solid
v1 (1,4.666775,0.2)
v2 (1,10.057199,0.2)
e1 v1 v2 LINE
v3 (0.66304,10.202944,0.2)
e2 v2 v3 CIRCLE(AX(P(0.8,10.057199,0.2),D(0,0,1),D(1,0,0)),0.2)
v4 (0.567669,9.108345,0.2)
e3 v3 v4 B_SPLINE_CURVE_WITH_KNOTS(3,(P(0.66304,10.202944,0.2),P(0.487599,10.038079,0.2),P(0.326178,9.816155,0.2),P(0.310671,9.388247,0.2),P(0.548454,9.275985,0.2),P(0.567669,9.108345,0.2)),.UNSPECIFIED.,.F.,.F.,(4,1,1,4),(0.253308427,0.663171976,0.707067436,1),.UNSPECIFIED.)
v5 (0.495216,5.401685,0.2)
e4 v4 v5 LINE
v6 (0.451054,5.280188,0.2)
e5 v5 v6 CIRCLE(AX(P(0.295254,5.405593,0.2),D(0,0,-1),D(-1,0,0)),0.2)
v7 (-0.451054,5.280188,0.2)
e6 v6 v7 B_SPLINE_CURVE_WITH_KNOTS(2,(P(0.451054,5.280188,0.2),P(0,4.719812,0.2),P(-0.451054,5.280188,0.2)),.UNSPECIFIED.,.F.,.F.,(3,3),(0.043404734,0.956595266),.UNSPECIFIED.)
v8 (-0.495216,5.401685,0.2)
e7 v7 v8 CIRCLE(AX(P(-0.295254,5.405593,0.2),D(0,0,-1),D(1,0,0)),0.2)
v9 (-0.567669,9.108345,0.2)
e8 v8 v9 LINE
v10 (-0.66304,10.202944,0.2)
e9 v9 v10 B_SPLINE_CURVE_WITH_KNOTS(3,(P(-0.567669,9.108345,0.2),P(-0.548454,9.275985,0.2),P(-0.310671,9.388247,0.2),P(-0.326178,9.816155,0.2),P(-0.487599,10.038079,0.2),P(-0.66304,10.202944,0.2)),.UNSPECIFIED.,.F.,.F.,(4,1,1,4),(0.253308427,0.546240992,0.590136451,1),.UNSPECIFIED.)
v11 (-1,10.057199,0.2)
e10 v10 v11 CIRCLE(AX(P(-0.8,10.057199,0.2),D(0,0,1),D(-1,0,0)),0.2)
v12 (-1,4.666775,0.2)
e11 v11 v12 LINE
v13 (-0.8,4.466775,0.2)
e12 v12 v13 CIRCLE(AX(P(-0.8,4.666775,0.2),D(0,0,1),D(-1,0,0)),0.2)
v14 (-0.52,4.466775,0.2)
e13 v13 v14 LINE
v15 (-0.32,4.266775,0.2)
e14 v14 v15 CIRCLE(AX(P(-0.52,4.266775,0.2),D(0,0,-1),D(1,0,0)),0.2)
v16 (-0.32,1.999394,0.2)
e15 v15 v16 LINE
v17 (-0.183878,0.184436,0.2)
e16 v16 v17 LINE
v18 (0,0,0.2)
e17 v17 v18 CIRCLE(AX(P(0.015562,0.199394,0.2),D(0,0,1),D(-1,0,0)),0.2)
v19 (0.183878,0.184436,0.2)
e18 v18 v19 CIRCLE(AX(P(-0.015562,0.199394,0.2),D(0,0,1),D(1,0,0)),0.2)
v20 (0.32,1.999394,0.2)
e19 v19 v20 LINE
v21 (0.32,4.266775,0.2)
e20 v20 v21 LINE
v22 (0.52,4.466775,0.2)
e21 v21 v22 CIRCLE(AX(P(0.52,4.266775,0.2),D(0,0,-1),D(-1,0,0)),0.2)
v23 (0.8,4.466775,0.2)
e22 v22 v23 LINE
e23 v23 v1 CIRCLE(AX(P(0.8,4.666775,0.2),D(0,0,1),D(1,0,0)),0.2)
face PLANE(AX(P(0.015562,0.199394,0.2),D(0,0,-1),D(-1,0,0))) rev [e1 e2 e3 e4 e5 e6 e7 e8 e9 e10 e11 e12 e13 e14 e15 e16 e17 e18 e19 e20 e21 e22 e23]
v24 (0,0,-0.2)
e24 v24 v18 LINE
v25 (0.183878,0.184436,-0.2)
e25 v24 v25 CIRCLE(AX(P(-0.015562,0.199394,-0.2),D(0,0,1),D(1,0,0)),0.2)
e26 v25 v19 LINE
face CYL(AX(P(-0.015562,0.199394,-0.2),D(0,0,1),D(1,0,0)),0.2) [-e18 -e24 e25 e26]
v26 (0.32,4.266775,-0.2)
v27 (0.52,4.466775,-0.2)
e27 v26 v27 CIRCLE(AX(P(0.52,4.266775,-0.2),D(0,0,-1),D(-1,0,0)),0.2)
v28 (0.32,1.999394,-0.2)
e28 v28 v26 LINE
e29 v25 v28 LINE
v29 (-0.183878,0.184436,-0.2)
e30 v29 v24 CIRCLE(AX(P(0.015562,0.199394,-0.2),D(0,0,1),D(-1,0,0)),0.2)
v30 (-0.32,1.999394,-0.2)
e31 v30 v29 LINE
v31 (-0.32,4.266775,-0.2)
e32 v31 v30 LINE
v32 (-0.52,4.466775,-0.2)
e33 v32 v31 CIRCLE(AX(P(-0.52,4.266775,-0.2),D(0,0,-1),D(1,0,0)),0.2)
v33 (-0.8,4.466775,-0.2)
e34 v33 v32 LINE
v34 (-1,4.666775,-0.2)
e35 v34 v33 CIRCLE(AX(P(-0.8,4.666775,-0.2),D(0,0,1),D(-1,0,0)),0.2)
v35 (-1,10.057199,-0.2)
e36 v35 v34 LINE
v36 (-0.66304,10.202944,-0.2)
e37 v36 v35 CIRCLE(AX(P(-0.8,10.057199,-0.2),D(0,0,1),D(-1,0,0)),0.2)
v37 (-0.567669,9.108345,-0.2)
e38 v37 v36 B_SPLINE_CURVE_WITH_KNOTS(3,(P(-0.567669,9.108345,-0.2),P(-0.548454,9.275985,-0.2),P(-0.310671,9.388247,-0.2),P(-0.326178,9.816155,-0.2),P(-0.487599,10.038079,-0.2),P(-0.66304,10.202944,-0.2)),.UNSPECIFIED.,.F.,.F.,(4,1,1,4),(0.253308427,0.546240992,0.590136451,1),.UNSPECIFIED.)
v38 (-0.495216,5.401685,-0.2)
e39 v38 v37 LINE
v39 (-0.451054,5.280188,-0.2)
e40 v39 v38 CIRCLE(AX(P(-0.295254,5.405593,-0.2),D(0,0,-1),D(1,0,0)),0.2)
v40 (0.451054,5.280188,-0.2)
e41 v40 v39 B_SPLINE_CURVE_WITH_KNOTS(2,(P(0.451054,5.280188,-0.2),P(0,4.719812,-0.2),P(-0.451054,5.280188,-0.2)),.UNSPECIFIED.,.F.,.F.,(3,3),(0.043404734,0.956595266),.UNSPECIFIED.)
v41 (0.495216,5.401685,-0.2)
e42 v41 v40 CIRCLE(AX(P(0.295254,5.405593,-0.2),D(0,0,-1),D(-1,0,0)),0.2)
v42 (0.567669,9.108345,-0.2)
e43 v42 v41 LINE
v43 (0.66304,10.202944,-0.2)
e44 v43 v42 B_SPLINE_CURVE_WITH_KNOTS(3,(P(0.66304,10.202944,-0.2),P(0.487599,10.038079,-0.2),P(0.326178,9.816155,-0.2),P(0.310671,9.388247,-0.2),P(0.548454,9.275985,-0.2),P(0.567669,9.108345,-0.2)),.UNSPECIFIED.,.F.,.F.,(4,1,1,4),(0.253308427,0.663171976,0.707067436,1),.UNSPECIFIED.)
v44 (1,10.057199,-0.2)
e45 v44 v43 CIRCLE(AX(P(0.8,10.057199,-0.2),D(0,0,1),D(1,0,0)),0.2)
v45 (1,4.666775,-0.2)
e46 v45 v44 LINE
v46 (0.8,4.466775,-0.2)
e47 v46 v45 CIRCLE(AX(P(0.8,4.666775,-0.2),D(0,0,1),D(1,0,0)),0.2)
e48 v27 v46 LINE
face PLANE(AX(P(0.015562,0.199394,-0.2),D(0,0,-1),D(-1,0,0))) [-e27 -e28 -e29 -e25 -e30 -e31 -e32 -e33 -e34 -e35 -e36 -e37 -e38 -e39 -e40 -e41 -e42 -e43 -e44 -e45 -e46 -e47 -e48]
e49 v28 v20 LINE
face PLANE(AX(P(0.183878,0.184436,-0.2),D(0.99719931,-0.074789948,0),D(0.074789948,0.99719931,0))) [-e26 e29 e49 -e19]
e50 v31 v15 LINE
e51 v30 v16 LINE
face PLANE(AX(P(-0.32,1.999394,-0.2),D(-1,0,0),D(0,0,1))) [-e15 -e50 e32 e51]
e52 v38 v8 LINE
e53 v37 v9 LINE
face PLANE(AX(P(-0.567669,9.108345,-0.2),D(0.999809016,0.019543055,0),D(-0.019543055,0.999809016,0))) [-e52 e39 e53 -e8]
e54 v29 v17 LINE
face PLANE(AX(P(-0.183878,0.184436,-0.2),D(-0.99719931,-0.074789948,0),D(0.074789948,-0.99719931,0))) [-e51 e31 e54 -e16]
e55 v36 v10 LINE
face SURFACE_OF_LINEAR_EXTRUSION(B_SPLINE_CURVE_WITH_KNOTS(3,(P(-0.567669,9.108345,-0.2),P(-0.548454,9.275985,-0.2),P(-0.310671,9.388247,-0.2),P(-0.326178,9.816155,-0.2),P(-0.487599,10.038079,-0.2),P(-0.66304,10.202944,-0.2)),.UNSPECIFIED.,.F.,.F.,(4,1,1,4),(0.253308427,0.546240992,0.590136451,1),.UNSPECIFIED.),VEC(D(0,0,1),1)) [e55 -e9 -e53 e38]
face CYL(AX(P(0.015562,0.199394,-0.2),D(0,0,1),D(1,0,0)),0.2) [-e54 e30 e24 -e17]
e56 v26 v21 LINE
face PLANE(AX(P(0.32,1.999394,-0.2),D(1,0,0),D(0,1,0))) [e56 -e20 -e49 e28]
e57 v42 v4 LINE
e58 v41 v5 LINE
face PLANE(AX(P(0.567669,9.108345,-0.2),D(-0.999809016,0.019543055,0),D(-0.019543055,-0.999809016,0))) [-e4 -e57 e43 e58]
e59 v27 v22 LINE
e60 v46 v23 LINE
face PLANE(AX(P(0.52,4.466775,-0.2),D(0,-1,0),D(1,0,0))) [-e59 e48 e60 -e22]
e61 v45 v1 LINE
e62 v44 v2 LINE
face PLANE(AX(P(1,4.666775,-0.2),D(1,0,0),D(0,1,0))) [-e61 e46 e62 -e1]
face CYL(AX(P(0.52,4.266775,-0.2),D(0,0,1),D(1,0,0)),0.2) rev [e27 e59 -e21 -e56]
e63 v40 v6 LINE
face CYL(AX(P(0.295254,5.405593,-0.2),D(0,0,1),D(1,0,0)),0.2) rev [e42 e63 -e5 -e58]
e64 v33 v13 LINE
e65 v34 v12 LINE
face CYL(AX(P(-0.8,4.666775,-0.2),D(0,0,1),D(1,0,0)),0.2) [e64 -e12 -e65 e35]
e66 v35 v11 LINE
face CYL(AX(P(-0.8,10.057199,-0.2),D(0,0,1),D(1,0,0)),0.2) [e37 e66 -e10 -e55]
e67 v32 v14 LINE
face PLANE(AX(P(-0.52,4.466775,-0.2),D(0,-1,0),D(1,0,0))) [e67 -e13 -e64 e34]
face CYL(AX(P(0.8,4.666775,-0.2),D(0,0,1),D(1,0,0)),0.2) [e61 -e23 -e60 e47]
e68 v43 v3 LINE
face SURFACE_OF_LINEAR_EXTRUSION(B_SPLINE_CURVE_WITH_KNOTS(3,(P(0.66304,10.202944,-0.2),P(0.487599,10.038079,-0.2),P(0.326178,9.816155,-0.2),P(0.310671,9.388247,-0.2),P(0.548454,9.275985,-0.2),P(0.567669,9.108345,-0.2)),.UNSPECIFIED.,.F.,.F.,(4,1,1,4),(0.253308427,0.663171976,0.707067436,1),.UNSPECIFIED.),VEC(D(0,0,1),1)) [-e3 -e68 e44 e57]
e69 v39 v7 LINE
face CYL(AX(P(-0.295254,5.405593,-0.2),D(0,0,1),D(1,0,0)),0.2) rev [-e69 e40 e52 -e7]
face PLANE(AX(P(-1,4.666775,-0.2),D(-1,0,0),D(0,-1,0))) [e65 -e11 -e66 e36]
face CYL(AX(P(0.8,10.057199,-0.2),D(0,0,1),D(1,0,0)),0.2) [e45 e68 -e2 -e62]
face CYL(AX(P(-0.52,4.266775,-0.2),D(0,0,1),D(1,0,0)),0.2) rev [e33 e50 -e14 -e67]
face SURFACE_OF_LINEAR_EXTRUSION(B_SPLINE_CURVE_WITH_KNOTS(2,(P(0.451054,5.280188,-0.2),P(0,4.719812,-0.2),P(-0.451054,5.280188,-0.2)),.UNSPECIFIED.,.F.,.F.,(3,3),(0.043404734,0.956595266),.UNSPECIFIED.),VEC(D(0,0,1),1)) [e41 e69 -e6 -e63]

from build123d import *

# Parameters (mm, degrees)
BOSS_EXTRUDE1_DEPTH = 0.2


with BuildPart() as part:
    # Sketch1 → Boss-Extrude1 (new, symmetric)
    with BuildSketch(Plane.XY):
        with BuildLine():
            Line((-0.32, 1.999393664), (-0.32, 4.266775148))
            ThreePointArc((-0.32, 4.266775148), (-0.378578644, 4.408196504), (-0.52, 4.466775148))
            Line((-0.52, 4.466775148), (-0.8, 4.466775148))
            ThreePointArc((-0.8, 4.466775148), (-0.941421356, 4.525353792), (-1, 4.666775148))
            Line((-1, 4.666775148), (-1, 10.057198685))
            ThreePointArc((-1, 10.057198685), (-0.87939743, 10.240763518), (-0.663039519, 10.202944445))
            add(Edge.make_bspline(
                [(-0.663039519, 10.202944445), (-0.487599251, 10.038079386), (-0.326177604, 9.816155039), (-0.310671132, 9.388247389), (-0.548453888, 9.275984696), (-0.567669208, 9.108344969)],
                knots=[0.253308427, 0.253308427, 0.253308427, 0.253308427, 0.663171976, 0.707067436, 1, 1, 1, 1], degree=3))
            Line((-0.567669208, 9.108344969), (-0.495215905, 5.401684718))
            ThreePointArc((-0.495215905, 5.401684718), (-0.483221967, 5.337269967), (-0.451053839, 5.280188217))
            add(Edge.make_bspline(
                [(-0.451053839, 5.280188217), (0, 4.719811783), (0.451053839, 5.280188217)],
                knots=[0.043404734, 0.043404734, 0.043404734, 0.956595266, 0.956595266, 0.956595266], degree=2))
            ThreePointArc((0.451053839, 5.280188217), (0.483221967, 5.337269967), (0.495215905, 5.401684718))
            Line((0.495215905, 5.401684718), (0.567669208, 9.108344969))
            add(Edge.make_bspline(
                [(0.663039519, 10.202944445), (0.487599251, 10.038079386), (0.326177604, 9.816155039), (0.310671132, 9.388247389), (0.548453888, 9.275984696), (0.567669208, 9.108344969)],
                knots=[0.253308427, 0.253308427, 0.253308427, 0.253308427, 0.663171976, 0.707067436, 1, 1, 1, 1], degree=3))
            ThreePointArc((0.663039519, 10.202944445), (0.87939743, 10.240763518), (1, 10.057198685))
            Line((1, 10.057198685), (1, 4.666775148))
            ThreePointArc((1, 4.666775148), (0.941421356, 4.525353792), (0.8, 4.466775148))
            Line((0.8, 4.466775148), (0.52, 4.466775148))
            ThreePointArc((0.52, 4.466775148), (0.378578644, 4.408196504), (0.32, 4.266775148))
            Line((0.32, 4.266775148), (0.32, 1.999393664))
            Line((0.32, 1.999393664), (0.183878151, 0.184435674))
            ThreePointArc((0.183878151, 0.184435674), (0.126073555, 0.058186541), (0, 0))
            ThreePointArc((0, 0), (-0.126073555, 0.058186541), (-0.183878151, 0.184435674))
            Line((-0.183878151, 0.184435674), (-0.32, 1.999393664))
        make_face()
    extrude(amount=BOSS_EXTRUDE1_DEPTH, both=True)


solid = part.part
